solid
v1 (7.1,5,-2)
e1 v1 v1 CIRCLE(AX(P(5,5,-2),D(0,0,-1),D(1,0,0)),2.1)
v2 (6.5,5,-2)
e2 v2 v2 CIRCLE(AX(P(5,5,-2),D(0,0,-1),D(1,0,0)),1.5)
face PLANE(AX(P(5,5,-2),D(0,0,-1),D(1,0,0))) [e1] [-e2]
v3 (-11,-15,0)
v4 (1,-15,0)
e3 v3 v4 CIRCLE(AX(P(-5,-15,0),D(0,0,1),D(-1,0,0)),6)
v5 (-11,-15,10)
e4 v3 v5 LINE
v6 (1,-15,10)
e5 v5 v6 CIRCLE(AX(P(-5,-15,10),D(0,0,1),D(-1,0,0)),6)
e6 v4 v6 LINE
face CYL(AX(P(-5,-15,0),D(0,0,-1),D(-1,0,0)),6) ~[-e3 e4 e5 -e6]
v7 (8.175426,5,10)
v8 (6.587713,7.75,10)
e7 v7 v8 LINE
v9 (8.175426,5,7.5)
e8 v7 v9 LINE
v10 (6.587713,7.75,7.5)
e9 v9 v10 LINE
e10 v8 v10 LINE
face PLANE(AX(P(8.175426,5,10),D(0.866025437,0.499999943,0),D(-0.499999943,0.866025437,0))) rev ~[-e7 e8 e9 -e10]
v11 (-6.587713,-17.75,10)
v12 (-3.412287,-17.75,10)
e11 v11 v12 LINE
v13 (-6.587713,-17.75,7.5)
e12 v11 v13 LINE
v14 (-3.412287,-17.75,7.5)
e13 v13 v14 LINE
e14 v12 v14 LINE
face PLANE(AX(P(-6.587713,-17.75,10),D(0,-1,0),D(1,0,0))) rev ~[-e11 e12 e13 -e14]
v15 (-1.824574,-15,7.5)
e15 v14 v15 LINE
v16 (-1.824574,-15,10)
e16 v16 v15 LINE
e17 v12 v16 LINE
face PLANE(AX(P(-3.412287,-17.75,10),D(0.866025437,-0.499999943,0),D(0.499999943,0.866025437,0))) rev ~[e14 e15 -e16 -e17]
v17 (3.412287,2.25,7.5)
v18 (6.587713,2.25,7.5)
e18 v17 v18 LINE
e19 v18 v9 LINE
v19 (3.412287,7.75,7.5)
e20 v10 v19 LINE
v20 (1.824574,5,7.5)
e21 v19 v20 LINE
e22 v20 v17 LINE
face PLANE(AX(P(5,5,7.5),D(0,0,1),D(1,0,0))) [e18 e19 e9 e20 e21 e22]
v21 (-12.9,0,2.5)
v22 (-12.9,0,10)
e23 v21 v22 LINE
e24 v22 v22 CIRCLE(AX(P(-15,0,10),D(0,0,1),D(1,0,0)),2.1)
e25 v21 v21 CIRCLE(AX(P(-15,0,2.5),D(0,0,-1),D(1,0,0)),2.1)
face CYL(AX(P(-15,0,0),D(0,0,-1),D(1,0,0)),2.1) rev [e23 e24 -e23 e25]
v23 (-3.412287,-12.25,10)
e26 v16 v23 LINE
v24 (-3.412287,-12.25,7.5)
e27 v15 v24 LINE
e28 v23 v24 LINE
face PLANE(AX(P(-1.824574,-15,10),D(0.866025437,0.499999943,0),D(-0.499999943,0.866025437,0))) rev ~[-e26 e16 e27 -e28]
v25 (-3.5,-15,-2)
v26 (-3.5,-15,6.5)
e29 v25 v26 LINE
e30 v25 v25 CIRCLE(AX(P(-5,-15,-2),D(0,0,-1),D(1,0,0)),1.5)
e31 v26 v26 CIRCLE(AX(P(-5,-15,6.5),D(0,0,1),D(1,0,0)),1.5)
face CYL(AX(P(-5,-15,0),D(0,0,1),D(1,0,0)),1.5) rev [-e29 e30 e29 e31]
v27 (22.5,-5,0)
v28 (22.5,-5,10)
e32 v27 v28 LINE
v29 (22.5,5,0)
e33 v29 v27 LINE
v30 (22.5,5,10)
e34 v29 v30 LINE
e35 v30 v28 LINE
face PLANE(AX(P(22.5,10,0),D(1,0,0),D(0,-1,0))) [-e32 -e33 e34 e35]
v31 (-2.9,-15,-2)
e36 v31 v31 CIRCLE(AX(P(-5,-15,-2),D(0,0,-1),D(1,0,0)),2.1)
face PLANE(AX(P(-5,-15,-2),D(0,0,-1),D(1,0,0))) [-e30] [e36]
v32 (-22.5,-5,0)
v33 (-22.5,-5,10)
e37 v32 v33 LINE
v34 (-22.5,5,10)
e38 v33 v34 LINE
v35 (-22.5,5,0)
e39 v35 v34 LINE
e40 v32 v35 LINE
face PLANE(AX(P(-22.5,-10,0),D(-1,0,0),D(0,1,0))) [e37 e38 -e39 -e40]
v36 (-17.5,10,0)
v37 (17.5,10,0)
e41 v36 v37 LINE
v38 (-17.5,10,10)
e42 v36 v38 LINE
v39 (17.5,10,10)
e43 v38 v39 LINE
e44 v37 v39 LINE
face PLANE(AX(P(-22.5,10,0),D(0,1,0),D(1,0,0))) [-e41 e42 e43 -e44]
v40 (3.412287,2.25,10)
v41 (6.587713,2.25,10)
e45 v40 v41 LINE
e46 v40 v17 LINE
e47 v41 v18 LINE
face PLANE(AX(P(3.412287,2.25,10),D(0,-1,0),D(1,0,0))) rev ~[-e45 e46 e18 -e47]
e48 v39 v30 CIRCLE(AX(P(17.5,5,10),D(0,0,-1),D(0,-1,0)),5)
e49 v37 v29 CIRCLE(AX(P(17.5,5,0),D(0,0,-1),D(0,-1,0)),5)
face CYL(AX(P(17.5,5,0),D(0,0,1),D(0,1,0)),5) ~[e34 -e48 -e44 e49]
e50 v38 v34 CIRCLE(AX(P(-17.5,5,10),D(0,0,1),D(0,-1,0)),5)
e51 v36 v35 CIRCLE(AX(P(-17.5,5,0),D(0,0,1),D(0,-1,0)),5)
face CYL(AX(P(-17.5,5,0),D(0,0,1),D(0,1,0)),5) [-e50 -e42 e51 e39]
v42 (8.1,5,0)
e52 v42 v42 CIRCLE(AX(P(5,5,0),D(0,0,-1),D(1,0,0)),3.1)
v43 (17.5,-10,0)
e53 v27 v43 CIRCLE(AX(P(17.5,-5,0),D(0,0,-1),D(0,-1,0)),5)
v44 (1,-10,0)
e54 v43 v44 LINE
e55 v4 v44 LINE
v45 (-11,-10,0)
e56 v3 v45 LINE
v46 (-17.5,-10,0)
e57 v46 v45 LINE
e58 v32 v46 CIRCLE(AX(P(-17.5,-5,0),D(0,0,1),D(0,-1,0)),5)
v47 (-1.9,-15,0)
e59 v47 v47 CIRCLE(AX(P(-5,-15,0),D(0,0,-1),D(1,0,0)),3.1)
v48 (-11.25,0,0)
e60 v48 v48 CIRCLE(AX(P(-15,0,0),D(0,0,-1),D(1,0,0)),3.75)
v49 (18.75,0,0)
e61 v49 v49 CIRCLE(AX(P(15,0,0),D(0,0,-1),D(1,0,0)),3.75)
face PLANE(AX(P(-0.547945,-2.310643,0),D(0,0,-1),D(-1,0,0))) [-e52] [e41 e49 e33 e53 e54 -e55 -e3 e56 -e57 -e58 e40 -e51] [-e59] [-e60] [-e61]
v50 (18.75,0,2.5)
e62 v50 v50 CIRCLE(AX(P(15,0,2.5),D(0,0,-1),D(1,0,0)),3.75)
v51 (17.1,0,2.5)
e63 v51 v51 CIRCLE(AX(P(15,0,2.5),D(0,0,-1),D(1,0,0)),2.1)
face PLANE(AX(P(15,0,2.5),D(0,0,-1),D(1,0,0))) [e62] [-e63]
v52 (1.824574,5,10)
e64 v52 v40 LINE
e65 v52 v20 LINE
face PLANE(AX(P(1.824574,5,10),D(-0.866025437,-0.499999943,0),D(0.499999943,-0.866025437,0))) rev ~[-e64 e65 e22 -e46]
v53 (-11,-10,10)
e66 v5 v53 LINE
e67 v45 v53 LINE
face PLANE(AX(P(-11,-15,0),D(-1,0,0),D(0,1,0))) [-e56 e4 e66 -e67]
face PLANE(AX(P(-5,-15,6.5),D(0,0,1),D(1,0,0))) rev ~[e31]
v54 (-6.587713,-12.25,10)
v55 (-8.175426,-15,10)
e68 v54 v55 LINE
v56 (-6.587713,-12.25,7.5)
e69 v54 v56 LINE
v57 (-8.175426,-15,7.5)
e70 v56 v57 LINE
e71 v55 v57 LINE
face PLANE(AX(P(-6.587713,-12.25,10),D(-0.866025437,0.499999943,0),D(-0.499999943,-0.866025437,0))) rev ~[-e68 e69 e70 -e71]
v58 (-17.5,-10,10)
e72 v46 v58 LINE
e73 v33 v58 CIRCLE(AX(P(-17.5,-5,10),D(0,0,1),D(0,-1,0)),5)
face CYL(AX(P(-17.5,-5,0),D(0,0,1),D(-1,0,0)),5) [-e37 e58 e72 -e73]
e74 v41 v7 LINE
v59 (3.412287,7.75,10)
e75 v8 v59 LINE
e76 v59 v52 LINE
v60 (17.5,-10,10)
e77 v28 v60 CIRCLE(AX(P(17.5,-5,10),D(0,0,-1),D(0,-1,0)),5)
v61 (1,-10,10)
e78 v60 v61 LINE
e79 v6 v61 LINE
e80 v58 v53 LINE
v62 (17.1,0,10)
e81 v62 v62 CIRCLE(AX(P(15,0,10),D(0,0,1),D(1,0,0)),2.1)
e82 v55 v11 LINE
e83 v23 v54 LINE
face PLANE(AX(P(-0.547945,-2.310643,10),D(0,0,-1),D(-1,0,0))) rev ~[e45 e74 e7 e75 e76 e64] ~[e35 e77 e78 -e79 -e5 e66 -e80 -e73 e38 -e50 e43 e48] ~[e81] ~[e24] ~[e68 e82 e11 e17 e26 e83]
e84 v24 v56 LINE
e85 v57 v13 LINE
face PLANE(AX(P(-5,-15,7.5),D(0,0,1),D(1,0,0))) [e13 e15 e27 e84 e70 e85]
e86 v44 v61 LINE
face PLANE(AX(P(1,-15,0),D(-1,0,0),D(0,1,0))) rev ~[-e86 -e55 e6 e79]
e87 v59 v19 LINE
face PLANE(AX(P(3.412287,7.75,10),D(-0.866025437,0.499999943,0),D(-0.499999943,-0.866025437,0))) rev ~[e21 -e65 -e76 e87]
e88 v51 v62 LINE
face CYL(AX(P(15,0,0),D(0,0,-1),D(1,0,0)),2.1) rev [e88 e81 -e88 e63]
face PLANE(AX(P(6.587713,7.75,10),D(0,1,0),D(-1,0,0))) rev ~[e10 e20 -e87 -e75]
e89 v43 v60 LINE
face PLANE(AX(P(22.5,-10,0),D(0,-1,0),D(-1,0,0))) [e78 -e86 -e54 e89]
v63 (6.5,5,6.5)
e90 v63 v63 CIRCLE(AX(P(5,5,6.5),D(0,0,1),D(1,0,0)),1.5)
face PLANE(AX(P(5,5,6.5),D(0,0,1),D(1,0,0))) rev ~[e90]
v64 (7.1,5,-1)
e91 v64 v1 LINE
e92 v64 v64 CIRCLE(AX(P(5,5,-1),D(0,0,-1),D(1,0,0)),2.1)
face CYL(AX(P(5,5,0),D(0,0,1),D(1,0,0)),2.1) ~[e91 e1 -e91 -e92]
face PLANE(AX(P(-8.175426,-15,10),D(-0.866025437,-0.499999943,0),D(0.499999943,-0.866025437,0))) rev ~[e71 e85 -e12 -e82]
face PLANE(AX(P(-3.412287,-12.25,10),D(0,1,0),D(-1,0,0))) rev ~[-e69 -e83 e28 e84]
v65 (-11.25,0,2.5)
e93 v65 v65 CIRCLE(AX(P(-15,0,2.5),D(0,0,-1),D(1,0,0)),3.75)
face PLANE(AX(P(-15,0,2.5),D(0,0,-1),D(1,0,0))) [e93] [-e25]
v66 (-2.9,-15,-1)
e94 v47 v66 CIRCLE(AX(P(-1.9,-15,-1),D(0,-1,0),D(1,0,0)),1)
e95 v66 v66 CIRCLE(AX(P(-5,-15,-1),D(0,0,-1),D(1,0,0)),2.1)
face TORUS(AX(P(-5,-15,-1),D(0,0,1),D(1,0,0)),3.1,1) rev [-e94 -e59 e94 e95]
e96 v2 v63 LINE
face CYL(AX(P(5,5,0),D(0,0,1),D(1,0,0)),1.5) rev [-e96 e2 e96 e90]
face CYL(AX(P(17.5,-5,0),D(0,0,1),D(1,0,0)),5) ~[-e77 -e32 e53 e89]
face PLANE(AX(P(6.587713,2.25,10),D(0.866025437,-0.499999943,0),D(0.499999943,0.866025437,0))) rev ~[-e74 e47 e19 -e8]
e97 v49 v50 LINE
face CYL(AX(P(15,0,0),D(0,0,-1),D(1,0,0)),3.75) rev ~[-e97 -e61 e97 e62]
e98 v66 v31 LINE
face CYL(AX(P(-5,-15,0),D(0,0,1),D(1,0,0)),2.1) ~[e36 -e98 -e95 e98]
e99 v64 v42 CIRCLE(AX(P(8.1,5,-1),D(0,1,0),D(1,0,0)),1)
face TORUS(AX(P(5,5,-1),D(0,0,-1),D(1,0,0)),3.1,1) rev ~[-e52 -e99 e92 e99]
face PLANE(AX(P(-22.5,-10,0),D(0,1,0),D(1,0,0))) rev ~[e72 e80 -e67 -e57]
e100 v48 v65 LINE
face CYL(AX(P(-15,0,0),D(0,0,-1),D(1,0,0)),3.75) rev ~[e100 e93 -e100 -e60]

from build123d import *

# Parameters (mm, degrees)
SKETCH_R        = 2.1
SKETCH_R_2      = 1.5
PAD_DEPTH       = 10
POCKET_DEPTH    = 2.5
SKETCH002_R     = 2.1
SKETCH002_R_2   = 1.5
PAD001_DEPTH    = 2
SKETCH003_R     = 3.75
SKETCH003_R_2   = 2.1
POCKET001_DEPTH = 2.5
FILLET_R        = 1
FILLET001_R     = 5
SKETCH004_R     = 1.5
PAD002_DEPTH    = 1


with BuildPart() as part:
    # Sketch → Pad (new body)
    with BuildSketch(Plane.XY):
        with BuildLine():
            Line((-22.5, 10), (22.5, 10))
            Line((22.5, 10), (22.5, -10))
            Line((22.5, -10), (1, -10))
            Line((1, -15), (1, -10))
            ThreePointArc((-11, -15), (-5, -21), (1, -15))
            Line((-11, -15), (-11, -10))
            Line((-22.5, -10), (-11, -10))
            Line((-22.5, -10), (-22.5, 10))
        make_face()
        with Locations((-15, 0)):
            Circle(SKETCH_R, mode=Mode.SUBTRACT)
        with Locations((15, 0)):
            Circle(SKETCH_R, mode=Mode.SUBTRACT)
        with Locations((5, 5)):
            Circle(SKETCH_R_2, mode=Mode.SUBTRACT)
        with Locations((-5, -15)):
            Circle(SKETCH_R_2, mode=Mode.SUBTRACT)
    extrude(amount=PAD_DEPTH)

    # Sketch001 → Pocket (cut)
    with BuildSketch(Plane.XY.offset(10)):
        Polygon((6.587713, 2.25), (8.175426, 5), (6.587713, 7.75), (3.412287, 7.75), (1.824574, 5), (3.412287, 2.25), align=None)
        Polygon((-3.412287, -17.75), (-1.824574, -15), (-3.412287, -12.25), (-6.587713, -12.25), (-8.175426, -15), (-6.587713, -17.75), align=None)
    extrude(amount=-POCKET_DEPTH, mode=Mode.SUBTRACT)

    # Sketch002 → Pad001 (new body)
    with BuildSketch(Plane(origin=(0, 0, 0), x_dir=(1, 0, 0), z_dir=(0, 0, -1))):
        with Locations((5, -5)):
            Circle(SKETCH002_R)
        with Locations((5, -5)):
            Circle(SKETCH002_R_2, mode=Mode.SUBTRACT)
        with Locations((-5, 15)):
            Circle(SKETCH002_R)
        with Locations((-5, 15)):
            Circle(SKETCH002_R_2, mode=Mode.SUBTRACT)
    extrude(amount=PAD001_DEPTH)

    # Sketch003 → Pocket001 (cut)
    with BuildSketch(Plane(origin=(0, 0, 0), x_dir=(1, 0, 0), z_dir=(0, 0, -1))):
        with Locations((15, 0)):
            Circle(SKETCH003_R)
        with Locations((15, 0)):
            Circle(SKETCH003_R_2, mode=Mode.SUBTRACT)
        with Locations((-15, 0)):
            Circle(SKETCH003_R)
        with Locations((-15, 0)):
            Circle(SKETCH003_R_2, mode=Mode.SUBTRACT)
    extrude(amount=-POCKET001_DEPTH, mode=Mode.SUBTRACT)

    # Fillet
    fillet_edges = [part.edges().sort_by_distance(p)[0] for p in [
        (2.9, 5, 0),
        (-7.1, -15, 0),
    ]]
    fillet(fillet_edges, radius=FILLET_R)

    # Fillet001
    fillet001_edges = [part.edges().sort_by_distance(p)[0] for p in [
        (22.5, 10, 5),
        (22.5, -10, 5),
        (-22.5, 10, 5),
        (-22.5, -10, 5),
    ]]
    fillet(fillet001_edges, radius=FILLET001_R)

    # Sketch004 → Pad002 (new body)
    with BuildSketch(Plane.XY.offset(7.5)):
        with Locations((-5, -15)):
            Circle(SKETCH004_R)
        with Locations((5, 5)):
            Circle(SKETCH004_R)
    extrude(amount=-PAD002_DEPTH)


solid = part.part
